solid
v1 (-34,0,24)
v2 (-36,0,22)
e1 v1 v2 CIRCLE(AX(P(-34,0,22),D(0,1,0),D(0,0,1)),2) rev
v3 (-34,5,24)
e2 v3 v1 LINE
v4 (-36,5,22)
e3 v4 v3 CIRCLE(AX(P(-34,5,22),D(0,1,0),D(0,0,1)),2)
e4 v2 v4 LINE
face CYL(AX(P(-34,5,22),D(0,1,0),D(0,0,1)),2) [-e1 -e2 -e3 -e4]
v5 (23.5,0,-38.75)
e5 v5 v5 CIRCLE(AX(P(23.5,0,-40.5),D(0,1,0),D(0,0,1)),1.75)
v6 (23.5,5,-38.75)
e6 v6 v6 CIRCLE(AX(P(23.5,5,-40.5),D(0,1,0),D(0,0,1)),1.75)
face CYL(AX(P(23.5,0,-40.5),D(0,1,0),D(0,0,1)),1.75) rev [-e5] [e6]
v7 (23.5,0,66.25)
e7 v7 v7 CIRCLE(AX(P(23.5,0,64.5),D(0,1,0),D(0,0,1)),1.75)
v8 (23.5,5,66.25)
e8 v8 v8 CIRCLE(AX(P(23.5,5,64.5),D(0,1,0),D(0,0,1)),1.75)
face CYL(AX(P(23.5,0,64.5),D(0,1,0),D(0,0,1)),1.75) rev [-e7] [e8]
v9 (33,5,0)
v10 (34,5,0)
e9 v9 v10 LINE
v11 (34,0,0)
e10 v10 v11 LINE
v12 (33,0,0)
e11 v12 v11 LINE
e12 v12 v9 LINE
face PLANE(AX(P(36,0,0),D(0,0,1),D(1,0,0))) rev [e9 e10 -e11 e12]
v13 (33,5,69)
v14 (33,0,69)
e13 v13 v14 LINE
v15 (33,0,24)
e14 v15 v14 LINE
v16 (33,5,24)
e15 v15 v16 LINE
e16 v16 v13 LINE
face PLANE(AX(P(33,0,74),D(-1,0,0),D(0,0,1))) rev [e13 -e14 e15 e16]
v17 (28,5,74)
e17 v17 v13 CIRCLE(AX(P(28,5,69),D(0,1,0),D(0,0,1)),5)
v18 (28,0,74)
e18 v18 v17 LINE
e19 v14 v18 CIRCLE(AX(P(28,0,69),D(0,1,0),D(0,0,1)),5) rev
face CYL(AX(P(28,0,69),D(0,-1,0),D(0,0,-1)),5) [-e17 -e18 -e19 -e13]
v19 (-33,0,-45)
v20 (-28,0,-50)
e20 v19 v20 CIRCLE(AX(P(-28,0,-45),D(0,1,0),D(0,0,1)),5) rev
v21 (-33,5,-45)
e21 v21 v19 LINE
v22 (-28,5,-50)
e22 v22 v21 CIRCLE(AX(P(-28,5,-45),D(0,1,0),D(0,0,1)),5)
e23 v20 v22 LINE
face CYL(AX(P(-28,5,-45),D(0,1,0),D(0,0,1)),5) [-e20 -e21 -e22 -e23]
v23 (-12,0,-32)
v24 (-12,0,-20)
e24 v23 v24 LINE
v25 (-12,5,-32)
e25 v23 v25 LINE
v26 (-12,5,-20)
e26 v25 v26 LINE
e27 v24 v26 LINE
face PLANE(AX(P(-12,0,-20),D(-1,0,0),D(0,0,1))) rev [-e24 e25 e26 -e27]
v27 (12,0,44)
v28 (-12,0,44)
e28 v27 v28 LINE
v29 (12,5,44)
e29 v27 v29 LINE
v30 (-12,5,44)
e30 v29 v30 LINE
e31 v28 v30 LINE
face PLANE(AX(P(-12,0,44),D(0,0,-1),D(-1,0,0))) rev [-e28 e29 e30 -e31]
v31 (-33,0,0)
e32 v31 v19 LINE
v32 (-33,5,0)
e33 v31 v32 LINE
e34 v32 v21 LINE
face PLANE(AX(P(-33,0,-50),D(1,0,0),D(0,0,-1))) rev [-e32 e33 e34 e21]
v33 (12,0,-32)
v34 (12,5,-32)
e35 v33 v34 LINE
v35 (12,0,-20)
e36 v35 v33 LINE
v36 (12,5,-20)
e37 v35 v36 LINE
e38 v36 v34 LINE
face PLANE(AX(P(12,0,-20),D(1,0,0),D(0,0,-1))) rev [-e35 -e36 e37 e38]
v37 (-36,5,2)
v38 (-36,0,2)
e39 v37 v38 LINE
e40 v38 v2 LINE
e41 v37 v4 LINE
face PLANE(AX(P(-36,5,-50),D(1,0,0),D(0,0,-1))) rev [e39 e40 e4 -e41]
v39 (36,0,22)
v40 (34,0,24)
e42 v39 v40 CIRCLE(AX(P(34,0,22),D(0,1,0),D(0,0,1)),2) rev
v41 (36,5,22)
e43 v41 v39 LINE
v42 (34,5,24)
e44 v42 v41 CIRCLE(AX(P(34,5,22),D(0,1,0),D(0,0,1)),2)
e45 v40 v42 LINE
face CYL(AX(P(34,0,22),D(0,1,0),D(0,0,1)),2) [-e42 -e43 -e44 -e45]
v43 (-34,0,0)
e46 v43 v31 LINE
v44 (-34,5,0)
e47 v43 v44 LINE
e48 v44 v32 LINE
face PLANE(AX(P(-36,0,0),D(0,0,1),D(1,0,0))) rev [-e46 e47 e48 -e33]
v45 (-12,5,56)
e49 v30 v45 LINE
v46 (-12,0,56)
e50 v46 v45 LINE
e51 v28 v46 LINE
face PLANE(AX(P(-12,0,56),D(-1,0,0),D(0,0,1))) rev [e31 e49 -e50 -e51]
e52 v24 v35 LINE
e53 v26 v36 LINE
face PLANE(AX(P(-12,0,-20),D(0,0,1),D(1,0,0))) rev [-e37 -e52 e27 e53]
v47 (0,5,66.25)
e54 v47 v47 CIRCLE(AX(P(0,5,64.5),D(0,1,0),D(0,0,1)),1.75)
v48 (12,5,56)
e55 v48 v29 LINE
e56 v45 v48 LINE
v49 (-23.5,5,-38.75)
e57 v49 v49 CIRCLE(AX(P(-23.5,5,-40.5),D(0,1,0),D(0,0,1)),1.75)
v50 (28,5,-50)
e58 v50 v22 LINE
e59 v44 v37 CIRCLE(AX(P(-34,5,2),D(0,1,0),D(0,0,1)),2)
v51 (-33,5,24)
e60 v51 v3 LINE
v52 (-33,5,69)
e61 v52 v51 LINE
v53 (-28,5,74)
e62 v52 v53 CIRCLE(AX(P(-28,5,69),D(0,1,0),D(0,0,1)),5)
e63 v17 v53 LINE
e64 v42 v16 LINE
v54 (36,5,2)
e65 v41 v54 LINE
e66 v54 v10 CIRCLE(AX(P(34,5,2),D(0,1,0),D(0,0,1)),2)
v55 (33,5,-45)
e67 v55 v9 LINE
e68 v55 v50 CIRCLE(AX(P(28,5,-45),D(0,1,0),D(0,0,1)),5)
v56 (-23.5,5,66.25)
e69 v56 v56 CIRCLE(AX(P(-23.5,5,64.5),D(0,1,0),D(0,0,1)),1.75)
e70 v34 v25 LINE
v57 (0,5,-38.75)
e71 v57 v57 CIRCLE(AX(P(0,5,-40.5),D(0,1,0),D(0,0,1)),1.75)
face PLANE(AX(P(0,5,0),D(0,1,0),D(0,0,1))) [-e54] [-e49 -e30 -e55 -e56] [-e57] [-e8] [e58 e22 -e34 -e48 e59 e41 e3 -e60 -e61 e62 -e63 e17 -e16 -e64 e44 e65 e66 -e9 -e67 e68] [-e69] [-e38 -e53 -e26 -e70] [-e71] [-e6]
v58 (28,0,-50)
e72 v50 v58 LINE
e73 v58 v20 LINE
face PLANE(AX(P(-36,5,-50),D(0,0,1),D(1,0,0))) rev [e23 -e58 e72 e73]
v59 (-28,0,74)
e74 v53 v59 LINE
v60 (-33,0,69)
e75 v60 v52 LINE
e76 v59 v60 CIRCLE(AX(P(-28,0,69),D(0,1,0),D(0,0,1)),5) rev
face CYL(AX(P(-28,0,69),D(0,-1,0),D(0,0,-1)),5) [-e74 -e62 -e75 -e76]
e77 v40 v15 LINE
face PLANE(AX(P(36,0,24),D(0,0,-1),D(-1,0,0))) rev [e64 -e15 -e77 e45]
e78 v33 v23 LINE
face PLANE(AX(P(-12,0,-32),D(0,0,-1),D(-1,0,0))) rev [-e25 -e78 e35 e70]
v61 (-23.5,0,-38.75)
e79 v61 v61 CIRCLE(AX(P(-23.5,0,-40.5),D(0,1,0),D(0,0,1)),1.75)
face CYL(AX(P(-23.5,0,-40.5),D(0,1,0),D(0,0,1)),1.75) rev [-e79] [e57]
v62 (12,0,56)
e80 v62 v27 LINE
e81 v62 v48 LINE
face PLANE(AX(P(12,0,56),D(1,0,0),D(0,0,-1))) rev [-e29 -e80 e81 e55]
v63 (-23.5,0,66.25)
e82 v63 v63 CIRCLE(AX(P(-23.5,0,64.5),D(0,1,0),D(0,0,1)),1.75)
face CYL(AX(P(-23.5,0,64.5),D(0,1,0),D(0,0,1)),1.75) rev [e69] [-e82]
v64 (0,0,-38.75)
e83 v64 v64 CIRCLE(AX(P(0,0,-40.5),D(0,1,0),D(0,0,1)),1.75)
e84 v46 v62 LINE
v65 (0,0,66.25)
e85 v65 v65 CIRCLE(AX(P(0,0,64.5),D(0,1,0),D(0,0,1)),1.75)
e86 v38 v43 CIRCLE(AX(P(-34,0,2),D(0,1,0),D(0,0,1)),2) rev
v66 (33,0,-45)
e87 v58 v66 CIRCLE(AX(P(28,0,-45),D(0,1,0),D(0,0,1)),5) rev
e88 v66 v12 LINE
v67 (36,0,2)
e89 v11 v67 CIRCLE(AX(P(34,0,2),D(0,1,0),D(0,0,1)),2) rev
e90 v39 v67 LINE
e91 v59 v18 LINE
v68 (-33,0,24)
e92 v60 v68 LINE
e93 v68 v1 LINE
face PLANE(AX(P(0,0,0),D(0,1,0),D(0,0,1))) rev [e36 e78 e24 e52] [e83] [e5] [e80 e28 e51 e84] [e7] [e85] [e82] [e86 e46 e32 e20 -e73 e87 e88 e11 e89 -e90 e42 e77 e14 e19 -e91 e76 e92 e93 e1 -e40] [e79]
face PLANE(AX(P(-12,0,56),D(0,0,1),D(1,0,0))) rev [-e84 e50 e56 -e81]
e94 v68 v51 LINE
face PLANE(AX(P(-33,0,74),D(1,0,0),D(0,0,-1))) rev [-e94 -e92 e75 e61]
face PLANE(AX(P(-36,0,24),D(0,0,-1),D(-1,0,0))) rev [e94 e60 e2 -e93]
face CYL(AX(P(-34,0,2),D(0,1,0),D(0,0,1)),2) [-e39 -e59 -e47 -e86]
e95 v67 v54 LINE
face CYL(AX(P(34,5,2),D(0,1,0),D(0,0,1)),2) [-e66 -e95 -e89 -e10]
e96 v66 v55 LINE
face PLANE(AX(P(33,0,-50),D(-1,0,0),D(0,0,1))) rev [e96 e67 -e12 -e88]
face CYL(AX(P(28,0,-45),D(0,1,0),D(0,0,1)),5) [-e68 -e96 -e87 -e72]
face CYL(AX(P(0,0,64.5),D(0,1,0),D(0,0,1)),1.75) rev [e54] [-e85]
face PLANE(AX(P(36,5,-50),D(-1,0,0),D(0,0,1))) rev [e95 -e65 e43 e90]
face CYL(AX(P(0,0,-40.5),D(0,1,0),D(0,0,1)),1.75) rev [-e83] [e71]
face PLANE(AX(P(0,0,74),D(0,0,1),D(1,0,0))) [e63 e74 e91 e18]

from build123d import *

# Parameters (mm, degrees)
SKETCH_1_W               = 72
SKETCH_1_H               = 100
EXTRUDE_1_DEPTH          = 5
SKETCH_2_W               = 72
SKETCH_2_H               = 5
EXTRUDE_2_DEPTH          = 24
CUT_EXTRUDE_1_DEPTH      = 83.443920334
CUT_EXTRUDE_1_DEPTH_BACK = 83.443920334
SKETCH_3_W               = 3
SKETCH_3_H               = 50
CUT_EXTRUDE_2_DEPTH      = 83.443920334
CUT_EXTRUDE_2_DEPTH_BACK = 83.443920334
SKETCH_5_R               = 1.75
CUT_EXTRUDE_3_DEPTH      = 83.443920334
CUT_EXTRUDE_3_DEPTH_BACK = 83.443920334
SKETCH_6_R               = 1.75
CUT_EXTRUDE_4_DEPTH      = 83.443920334
CUT_EXTRUDE_4_DEPTH_BACK = 83.443920334
SKETCH_7_W               = 24
SKETCH_7_H               = 12
FILLET_1_R               = 5
FILLET_2_R               = 2
CUT_EXTRUDE_5_DEPTH      = 83.443920334
CUT_EXTRUDE_5_DEPTH_BACK = 83.443920334
SKETCH_8_R               = 1.75


with BuildPart() as part:
    # 草图1 → 凸台-拉伸1 (new body)
    with BuildSketch(Plane(origin=(0, 0, 0), x_dir=(1, 0, 0), z_dir=(0, 1, 0))):
        Rectangle(SKETCH_1_W, SKETCH_1_H)
    extrude(amount=EXTRUDE_1_DEPTH)

    # 草图2 → 凸台-拉伸2 (add)
    with BuildSketch(Plane.XY.offset(50)):
        with Locations((0, 2.5)):
            Rectangle(SKETCH_2_W, SKETCH_2_H)
    extrude(amount=EXTRUDE_2_DEPTH)

    # 草图3 → 切除-拉伸1 (cut, two sides: drawn at the far end of the back side and taken through both)
    with BuildSketch(Plane(origin=(0, 5, 0), x_dir=(1, 0, 0), z_dir=(0, 1, 0)).offset(-CUT_EXTRUDE_1_DEPTH_BACK)):
        with Locations((-34.5, 25)):
            Rectangle(SKETCH_3_W, SKETCH_3_H)
        with Locations((34.5, 25)):
            Rectangle(SKETCH_3_W, SKETCH_3_H)
        with Locations((-34.5, -49)):
            Rectangle(SKETCH_3_W, SKETCH_3_H)
        with Locations((34.5, -49)):
            Rectangle(SKETCH_3_W, SKETCH_3_H)
    extrude(amount=CUT_EXTRUDE_1_DEPTH + CUT_EXTRUDE_1_DEPTH_BACK, mode=Mode.SUBTRACT)

    # 草图5 → 切除-拉伸2 (cut, two sides: drawn at the far end of the back side and taken through both)
    with BuildSketch(Plane(origin=(0, 5, 0), x_dir=(1, 0, 0), z_dir=(0, 1, 0)).offset(-CUT_EXTRUDE_2_DEPTH_BACK)):
        with Locations(Location((-23.5, 40.5, 0), (0, 0, 270))):
            Circle(SKETCH_5_R)
    extrude(amount=CUT_EXTRUDE_2_DEPTH + CUT_EXTRUDE_2_DEPTH_BACK, mode=Mode.SUBTRACT)

    # 草图6 → 切除-拉伸3 (cut, two sides: drawn at the far end of the back side and taken through both)
    with BuildSketch(Plane(origin=(0, 5, 0), x_dir=(1, 0, 0), z_dir=(0, 1, 0)).offset(-CUT_EXTRUDE_3_DEPTH_BACK)):
        with Locations(Location((23.5, 40.5, 0), (0, 0, 270))):
            Circle(SKETCH_6_R)
        with Locations(Location((-23.5, -64.5, 0), (0, 0, 270))):
            Circle(SKETCH_6_R)
        with Locations(Location((23.5, -64.5, 0), (0, 0, 270))):
            Circle(SKETCH_6_R)
    extrude(amount=CUT_EXTRUDE_3_DEPTH + CUT_EXTRUDE_3_DEPTH_BACK, mode=Mode.SUBTRACT)

    # 草图7 → 切除-拉伸4 (cut, two sides: drawn at the far end of the back side and taken through both)
    with BuildSketch(Plane(origin=(0, 5, 0), x_dir=(1, 0, 0), z_dir=(0, 1, 0)).offset(-CUT_EXTRUDE_4_DEPTH_BACK)):
        with Locations((0, -50)):
            Rectangle(SKETCH_7_W, SKETCH_7_H)
        with Locations((0, 26)):
            Rectangle(SKETCH_7_W, SKETCH_7_H)
    extrude(amount=CUT_EXTRUDE_4_DEPTH + CUT_EXTRUDE_4_DEPTH_BACK, mode=Mode.SUBTRACT)

    # 圆角1
    fillet_1_edges = [part.edges().sort_by_distance(p)[0] for p in [
        (33, 2.5, -50),
        (-33, 2.5, 74),
        (33, 2.5, 74),
        (-33, 2.5, -50),
    ]]
    fillet(fillet_1_edges, radius=FILLET_1_R)

    # 圆角2
    fillet_2_edges = [part.edges().sort_by_distance(p)[0] for p in [
        (36, 2.5, 0),
        (-36, 2.5, 24),
        (36, 2.5, 24),
        (-36, 2.5, 0),
    ]]
    fillet(fillet_2_edges, radius=FILLET_2_R)

    # 草图8 → 切除-拉伸5 (cut, two sides: drawn at the far end of the back side and taken through both)
    with BuildSketch(Plane(origin=(0, 5, 0), x_dir=(1, 0, 0), z_dir=(0, 1, 0)).offset(-CUT_EXTRUDE_5_DEPTH_BACK)):
        with Locations(Location((0, 40.5, 0), (0, 0, 270))):
            Circle(SKETCH_8_R)
        with Locations(Location((0, -64.5, 0), (0, 0, 270))):
            Circle(SKETCH_8_R)
    extrude(amount=CUT_EXTRUDE_5_DEPTH + CUT_EXTRUDE_5_DEPTH_BACK, mode=Mode.SUBTRACT)


solid = part.part
